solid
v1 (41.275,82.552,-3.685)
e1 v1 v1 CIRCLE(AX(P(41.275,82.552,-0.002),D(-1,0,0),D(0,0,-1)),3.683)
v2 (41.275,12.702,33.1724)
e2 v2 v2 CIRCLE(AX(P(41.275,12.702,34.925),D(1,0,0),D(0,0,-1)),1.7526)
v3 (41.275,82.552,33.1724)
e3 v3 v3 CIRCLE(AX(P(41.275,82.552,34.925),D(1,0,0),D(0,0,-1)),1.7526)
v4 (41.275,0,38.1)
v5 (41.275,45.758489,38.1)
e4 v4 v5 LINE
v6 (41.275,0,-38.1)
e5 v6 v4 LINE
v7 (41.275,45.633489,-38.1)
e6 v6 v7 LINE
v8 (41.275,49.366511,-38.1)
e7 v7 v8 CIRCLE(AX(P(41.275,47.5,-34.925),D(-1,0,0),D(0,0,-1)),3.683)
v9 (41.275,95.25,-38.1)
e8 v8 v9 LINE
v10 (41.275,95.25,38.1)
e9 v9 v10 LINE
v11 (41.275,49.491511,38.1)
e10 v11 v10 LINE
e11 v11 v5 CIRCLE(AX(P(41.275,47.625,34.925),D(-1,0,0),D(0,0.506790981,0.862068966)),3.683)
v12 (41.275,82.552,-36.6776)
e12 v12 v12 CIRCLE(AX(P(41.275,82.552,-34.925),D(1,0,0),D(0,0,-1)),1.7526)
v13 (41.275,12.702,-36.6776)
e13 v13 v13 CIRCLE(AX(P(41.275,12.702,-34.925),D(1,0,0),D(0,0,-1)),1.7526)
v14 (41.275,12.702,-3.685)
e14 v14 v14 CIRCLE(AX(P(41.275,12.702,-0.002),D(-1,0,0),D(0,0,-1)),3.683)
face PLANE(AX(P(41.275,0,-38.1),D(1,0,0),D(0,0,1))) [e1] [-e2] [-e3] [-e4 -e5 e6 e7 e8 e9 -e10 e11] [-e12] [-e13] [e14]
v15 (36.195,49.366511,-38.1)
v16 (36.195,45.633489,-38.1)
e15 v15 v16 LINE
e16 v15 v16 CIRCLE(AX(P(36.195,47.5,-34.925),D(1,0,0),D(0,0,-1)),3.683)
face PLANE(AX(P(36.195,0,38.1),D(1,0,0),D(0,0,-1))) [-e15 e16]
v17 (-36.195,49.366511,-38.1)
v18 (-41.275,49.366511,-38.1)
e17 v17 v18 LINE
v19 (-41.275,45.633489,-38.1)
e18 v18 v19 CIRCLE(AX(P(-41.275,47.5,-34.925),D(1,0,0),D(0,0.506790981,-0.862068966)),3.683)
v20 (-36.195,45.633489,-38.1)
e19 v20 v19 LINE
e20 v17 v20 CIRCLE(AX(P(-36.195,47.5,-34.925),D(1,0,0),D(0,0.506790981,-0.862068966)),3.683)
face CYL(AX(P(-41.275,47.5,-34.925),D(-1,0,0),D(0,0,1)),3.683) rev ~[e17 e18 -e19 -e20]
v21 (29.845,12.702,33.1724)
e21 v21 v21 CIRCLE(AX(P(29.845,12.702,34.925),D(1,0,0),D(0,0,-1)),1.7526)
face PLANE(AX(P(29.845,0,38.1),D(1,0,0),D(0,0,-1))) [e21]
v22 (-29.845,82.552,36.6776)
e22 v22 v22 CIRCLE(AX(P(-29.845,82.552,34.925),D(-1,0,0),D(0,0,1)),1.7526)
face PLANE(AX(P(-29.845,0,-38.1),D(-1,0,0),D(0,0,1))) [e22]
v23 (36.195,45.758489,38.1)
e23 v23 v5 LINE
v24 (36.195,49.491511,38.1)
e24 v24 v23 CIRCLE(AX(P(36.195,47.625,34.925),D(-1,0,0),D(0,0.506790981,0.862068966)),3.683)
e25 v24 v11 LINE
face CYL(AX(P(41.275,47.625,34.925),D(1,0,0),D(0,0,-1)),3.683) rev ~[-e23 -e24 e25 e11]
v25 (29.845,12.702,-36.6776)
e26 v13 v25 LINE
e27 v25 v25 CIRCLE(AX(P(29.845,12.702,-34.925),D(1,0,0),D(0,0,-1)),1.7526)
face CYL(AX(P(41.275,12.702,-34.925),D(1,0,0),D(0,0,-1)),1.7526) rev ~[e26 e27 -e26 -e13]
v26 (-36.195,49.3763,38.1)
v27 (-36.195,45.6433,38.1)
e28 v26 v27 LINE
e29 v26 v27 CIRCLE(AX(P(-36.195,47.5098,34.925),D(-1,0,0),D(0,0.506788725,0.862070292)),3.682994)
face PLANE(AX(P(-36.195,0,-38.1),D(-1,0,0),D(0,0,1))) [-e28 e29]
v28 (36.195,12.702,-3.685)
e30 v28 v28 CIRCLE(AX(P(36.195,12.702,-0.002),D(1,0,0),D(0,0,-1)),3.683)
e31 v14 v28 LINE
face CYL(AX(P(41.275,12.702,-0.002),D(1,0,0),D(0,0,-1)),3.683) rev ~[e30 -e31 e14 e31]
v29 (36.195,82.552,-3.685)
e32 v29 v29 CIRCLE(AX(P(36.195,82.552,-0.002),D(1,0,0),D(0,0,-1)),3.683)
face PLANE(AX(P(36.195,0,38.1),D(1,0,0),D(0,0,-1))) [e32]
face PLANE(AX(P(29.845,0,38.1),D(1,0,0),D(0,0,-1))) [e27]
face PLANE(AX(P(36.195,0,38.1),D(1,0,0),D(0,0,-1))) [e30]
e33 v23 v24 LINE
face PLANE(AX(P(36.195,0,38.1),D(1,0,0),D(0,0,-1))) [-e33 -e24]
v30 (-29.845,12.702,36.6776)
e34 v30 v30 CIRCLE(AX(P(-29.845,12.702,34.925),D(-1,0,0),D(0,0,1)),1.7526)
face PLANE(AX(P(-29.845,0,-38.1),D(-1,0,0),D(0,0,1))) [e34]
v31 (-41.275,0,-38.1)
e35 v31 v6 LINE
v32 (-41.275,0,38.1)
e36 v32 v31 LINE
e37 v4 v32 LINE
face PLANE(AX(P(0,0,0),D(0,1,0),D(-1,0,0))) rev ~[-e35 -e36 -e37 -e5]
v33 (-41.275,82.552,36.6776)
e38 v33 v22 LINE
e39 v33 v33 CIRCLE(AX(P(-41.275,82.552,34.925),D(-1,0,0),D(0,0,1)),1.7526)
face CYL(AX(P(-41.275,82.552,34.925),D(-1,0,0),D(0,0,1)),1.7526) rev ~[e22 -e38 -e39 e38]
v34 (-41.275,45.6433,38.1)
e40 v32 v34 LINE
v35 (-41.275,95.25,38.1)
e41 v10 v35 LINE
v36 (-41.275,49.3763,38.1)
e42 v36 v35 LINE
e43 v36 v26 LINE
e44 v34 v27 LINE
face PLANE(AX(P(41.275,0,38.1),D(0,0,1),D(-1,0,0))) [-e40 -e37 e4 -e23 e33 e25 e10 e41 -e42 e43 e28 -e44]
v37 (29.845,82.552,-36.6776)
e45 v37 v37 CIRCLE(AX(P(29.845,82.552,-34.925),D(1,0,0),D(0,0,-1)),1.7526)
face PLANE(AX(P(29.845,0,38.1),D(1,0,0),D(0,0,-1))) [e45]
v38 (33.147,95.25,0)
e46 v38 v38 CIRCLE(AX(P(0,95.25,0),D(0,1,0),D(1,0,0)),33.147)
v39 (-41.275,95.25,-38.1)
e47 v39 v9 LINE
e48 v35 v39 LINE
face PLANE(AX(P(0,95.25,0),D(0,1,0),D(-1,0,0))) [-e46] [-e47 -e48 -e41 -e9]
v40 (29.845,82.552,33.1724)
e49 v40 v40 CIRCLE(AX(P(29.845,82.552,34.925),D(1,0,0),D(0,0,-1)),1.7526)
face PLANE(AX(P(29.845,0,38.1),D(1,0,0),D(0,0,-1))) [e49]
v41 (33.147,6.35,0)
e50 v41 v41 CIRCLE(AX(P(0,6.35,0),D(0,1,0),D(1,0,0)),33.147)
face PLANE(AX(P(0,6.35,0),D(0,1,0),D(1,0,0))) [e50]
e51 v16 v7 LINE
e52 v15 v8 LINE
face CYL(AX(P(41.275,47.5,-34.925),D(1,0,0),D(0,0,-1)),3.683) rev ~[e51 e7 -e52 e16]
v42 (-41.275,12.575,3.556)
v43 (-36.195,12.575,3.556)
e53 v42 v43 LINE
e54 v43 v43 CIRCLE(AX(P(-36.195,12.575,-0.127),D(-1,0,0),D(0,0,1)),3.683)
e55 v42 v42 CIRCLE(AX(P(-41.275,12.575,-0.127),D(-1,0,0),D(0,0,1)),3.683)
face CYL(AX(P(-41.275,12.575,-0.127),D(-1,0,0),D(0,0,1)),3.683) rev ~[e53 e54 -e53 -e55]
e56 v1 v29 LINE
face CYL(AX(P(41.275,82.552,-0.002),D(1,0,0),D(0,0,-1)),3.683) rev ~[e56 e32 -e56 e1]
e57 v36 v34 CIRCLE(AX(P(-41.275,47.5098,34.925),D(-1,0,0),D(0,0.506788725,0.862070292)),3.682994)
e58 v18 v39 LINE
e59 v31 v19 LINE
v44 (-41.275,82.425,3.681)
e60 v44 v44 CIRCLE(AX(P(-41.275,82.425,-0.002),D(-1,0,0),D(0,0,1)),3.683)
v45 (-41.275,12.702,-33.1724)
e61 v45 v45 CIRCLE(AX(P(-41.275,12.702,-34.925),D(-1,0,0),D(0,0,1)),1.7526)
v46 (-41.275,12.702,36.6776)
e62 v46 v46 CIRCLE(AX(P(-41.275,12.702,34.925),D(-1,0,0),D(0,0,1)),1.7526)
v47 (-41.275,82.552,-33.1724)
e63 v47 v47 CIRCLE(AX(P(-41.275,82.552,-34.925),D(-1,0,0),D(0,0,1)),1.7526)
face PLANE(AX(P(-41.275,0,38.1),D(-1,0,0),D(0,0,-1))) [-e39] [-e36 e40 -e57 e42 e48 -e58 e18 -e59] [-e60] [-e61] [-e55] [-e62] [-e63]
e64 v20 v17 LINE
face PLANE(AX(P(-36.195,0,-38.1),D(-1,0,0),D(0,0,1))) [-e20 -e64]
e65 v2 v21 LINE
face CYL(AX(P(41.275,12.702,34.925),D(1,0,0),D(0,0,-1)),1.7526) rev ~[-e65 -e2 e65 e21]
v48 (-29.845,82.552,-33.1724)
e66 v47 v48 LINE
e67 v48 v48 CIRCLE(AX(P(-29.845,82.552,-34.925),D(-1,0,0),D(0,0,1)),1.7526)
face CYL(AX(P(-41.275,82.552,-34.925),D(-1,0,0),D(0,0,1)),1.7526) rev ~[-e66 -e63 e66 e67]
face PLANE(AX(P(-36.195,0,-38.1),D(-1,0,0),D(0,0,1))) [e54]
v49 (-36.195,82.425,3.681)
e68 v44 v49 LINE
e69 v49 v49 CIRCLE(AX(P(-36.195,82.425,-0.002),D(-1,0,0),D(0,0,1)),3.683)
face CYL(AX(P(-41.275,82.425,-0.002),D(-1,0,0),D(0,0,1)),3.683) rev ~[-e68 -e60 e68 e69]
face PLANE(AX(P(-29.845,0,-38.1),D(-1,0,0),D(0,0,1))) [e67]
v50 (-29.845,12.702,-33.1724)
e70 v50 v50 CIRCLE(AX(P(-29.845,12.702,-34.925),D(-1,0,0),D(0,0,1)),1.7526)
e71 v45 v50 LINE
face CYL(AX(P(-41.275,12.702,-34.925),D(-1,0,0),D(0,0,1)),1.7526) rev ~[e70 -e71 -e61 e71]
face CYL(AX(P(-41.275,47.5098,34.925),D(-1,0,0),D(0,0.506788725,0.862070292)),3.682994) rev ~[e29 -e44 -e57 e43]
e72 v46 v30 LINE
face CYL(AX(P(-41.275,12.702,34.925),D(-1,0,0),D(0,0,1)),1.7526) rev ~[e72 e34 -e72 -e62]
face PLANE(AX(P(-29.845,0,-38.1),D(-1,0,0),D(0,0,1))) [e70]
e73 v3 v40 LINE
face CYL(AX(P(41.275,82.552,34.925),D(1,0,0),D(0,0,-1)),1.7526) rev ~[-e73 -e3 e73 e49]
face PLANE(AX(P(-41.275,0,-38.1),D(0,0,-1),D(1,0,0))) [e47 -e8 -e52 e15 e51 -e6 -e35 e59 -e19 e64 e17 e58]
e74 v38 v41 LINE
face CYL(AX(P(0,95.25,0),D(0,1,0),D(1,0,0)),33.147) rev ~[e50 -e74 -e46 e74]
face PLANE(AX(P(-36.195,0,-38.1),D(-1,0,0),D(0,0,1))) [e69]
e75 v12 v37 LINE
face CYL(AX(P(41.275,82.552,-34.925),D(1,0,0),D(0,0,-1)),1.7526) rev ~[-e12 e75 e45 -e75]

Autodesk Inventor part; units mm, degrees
ref_plane "YZ Plane" through (0, 0, 0) normal (1, 0, 0) x (0, 1, 0)
ref_plane "XZ Plane" through (0, 0, 0) normal (0, 1, 0) x (-1, 0, 0)
ref_plane "XY Plane" through (0, 0, 0) normal (0, 0, 1) x (1, 0, 0)
sketch "Sketch1" plane through (0, 0, 0) normal (0, 1, 0) x (-1, 0, 0)
  line L0 (41.275, -38.1) -> (-41.275, -38.1)
  line L1 (-41.275, -38.1) -> (-41.275, 38.1)
  line L2 (-41.275, 38.1) -> (41.275, 38.1)
  line L3 (41.275, 38.1) -> (41.275, -38.1)
  circle A0 centre (0, 0) radius 4.5409
  dimension "d3" = 82.55
  dimension "d4" = 76.2
extrude "block" add sketch "Sketch1" along normal blind 95.25 contours L0 L1 L2 L3 | A0
sketch "Sketch2" plane through (0, 95.25, 0) normal (0, 1, 0) x (1, 0, 0)
  circle A0 centre (0, 0) radius 33.147
  dimension "d7" = 66.294
extrude "hole" cut sketch "Sketch2" against normal blind 88.9
sketch "Sketch4" plane through (41.275, 0, 38.1) normal (1, 0, 0) x (0, 0, -1)
  line L0 (76.2, 85.6) -> (76.2, 9.4)
  line L1 (0, 9.4) -> (0, 85.6)
  line L2 (38.227, 85.727) -> (38.102, 85.727)
  line L3 (0, 0) -> (0, 95.25) projected
  line L4 (0, 47.625) -> (0, 47.375)
  line L5 (76.2, 0) -> (76.2, 95.25) projected
  line L6 (76.2, 47.625) -> (76.2, 47.5)
  line L7 (8.3242, 59.8735) -> (8.4492, 59.8735)
  line L8 (38.102, 85.727) -> (38.102, 82.552)
  circle A0 centre (38.102, 82.552) radius 3.683
  circle A1 centre (3.175, 47.625) radius 3.683
  circle A2 centre (38.102, 12.702) radius 3.683
  circle A3 centre (73.025, 47.5) radius 3.683
  line L9 (0, 47.625) -> (3.175, 47.625)
  line L10 (38.102, 82.425) -> (38.102, -13.1059)
  line L11 (3.175, 47.625) -> (115.5999, 47.625)
  circle A4 centre (73.025, 47.625) radius 0.0045
  point P0 (38.1, 0)
  dimension "d10" = 76.2
  dimension "d11" = 76.2
  dimension "d21" = 3.175
  dimension "d30" = 7.366
  dimension "d32" = 7.366
  dimension "d33" = 7.366
  dimension "d34" = 7.366
  dimension "d35" = 3.175
extrude "Extrusion3" cut sketch "Sketch4" against normal blind 5.08
sketch "Sketch5" plane through (-41.275, 0, -38.1) normal (-1, 0, 0) x (0, 0, 1)
  line L0 (0, 85.6) -> (76.2, 85.6)
  line L1 (76.2, 85.6) -> (76.2, 9.4)
  line L2 (76.2, 9.4) -> (0, 9.4)
  line L3 (0, 9.4) -> (0, 85.6)
  line L4 (38.1, 85.6) -> (37.975, 85.6)
  line L5 (38.1, 9.4) -> (38.225, 9.4)
  line L6 (0, 0) -> (0, 95)
  line L7 (0, 47.5) -> (0, 47.375)
  line L8 (76.2, 0) -> (76.2, 95)
  line L9 (76.2, 47.5) -> (76.2, 47.375)
  line L10 (8.3242, 59.8735) -> (8.4492, 59.8735)
  line L11 (0, 47.375) -> (3.175, 47.375)
  line L12 (37.975, 85.6) -> (37.975, 82.425)
  line L13 (76.2, 47.375) -> (73.025, 47.375)
  line L14 (38.225, 9.4) -> (38.225, 12.575)
  circle A0 centre (3.175, 82.552) radius 1.7526
  circle A1 centre (73.025, 12.702) radius 1.7526
  circle A2 centre (3.175, 12.702) radius 1.7526
  circle A3 centre (73.025, 82.552) radius 1.7526
  point P0 (38.1, 0)
  point P1 (38.1, 0)
  dimension "d24" = 76.2
  dimension "d25" = 76.2
  dimension "d26" = 3.175
  dimension "d27" = 3.175
  dimension "d28" = 3.175
  dimension "d29" = 3.175
  dimension "d38" = 3.5052
  dimension "d39" = 3.5052
  dimension "d40" = 3.5052
  dimension "d41" = 3.5052
extrude "Extrusion4" cut sketch "Sketch5" against normal blind 11.43 contours A0 | A1 | A2 | A3
sketch "Sketch6" plane through (-41.275, 0, -38.1) normal (-1, 0, 0) x (0, 0, 1)
  circle A0 centre (38.098, 82.425) radius 3.683
  circle A1 centre (38.098, 82.425) radius 3.683
  circle A2 centre (3.175, 47.5) radius 3.683
  circle A3 centre (37.973, 12.575) radius 3.683
  circle A4 centre (37.973, 12.575) radius 3.683
  arc A5 (76.2, 49.3763) -> (76.2, 45.6433) centre (73.025, 47.5098) ccw
  circle A6 centre (73.025, 47.5098) radius 3.683
  line L0 (76.2, 95.0156) -> (0, 95.0156)
  line L1 (0, 0.0156) -> (0, 45.6334)
  line L2 (76.2, 0.0156) -> (76.2, 95.0156)
  line L3 (4.85, 95) -> (71.35, 95)
  line L4 (0, 0.0156) -> (76.2, 0.0156)
  arc A7 (0, 45.6334) -> (0, 49.3666) centre (3.175, 47.5) ccw projected
  point P0 (38.1, 0)
  point P1 (0, 95.0156)
extrude "Extrusion5" cut sketch "Sketch6" against normal blind 5.08
sketch "Sketch9" plane through (41.275, 0, 38.1) normal (1, 0, 0) x (0, 0, -1)
  circle A0 centre (3.175, 82.552) radius 1.7526 projected
  circle A1 centre (3.175, 82.552) radius 1.7526
  circle A2 centre (3.175, 12.702) radius 1.7526 projected
  circle A3 centre (3.175, 12.702) radius 1.7526
  circle A4 centre (73.025, 12.702) radius 1.7526 projected
  circle A5 centre (73.025, 12.702) radius 1.7526
  circle A6 centre (73.025, 82.552) radius 1.7526 projected
  circle A7 centre (73.025, 82.552) radius 1.7526
  point P0 (38.1, 0)
extrude "Extrusion6" cut sketch "Sketch9" against normal blind 11.43
properties part number "mid_block"
